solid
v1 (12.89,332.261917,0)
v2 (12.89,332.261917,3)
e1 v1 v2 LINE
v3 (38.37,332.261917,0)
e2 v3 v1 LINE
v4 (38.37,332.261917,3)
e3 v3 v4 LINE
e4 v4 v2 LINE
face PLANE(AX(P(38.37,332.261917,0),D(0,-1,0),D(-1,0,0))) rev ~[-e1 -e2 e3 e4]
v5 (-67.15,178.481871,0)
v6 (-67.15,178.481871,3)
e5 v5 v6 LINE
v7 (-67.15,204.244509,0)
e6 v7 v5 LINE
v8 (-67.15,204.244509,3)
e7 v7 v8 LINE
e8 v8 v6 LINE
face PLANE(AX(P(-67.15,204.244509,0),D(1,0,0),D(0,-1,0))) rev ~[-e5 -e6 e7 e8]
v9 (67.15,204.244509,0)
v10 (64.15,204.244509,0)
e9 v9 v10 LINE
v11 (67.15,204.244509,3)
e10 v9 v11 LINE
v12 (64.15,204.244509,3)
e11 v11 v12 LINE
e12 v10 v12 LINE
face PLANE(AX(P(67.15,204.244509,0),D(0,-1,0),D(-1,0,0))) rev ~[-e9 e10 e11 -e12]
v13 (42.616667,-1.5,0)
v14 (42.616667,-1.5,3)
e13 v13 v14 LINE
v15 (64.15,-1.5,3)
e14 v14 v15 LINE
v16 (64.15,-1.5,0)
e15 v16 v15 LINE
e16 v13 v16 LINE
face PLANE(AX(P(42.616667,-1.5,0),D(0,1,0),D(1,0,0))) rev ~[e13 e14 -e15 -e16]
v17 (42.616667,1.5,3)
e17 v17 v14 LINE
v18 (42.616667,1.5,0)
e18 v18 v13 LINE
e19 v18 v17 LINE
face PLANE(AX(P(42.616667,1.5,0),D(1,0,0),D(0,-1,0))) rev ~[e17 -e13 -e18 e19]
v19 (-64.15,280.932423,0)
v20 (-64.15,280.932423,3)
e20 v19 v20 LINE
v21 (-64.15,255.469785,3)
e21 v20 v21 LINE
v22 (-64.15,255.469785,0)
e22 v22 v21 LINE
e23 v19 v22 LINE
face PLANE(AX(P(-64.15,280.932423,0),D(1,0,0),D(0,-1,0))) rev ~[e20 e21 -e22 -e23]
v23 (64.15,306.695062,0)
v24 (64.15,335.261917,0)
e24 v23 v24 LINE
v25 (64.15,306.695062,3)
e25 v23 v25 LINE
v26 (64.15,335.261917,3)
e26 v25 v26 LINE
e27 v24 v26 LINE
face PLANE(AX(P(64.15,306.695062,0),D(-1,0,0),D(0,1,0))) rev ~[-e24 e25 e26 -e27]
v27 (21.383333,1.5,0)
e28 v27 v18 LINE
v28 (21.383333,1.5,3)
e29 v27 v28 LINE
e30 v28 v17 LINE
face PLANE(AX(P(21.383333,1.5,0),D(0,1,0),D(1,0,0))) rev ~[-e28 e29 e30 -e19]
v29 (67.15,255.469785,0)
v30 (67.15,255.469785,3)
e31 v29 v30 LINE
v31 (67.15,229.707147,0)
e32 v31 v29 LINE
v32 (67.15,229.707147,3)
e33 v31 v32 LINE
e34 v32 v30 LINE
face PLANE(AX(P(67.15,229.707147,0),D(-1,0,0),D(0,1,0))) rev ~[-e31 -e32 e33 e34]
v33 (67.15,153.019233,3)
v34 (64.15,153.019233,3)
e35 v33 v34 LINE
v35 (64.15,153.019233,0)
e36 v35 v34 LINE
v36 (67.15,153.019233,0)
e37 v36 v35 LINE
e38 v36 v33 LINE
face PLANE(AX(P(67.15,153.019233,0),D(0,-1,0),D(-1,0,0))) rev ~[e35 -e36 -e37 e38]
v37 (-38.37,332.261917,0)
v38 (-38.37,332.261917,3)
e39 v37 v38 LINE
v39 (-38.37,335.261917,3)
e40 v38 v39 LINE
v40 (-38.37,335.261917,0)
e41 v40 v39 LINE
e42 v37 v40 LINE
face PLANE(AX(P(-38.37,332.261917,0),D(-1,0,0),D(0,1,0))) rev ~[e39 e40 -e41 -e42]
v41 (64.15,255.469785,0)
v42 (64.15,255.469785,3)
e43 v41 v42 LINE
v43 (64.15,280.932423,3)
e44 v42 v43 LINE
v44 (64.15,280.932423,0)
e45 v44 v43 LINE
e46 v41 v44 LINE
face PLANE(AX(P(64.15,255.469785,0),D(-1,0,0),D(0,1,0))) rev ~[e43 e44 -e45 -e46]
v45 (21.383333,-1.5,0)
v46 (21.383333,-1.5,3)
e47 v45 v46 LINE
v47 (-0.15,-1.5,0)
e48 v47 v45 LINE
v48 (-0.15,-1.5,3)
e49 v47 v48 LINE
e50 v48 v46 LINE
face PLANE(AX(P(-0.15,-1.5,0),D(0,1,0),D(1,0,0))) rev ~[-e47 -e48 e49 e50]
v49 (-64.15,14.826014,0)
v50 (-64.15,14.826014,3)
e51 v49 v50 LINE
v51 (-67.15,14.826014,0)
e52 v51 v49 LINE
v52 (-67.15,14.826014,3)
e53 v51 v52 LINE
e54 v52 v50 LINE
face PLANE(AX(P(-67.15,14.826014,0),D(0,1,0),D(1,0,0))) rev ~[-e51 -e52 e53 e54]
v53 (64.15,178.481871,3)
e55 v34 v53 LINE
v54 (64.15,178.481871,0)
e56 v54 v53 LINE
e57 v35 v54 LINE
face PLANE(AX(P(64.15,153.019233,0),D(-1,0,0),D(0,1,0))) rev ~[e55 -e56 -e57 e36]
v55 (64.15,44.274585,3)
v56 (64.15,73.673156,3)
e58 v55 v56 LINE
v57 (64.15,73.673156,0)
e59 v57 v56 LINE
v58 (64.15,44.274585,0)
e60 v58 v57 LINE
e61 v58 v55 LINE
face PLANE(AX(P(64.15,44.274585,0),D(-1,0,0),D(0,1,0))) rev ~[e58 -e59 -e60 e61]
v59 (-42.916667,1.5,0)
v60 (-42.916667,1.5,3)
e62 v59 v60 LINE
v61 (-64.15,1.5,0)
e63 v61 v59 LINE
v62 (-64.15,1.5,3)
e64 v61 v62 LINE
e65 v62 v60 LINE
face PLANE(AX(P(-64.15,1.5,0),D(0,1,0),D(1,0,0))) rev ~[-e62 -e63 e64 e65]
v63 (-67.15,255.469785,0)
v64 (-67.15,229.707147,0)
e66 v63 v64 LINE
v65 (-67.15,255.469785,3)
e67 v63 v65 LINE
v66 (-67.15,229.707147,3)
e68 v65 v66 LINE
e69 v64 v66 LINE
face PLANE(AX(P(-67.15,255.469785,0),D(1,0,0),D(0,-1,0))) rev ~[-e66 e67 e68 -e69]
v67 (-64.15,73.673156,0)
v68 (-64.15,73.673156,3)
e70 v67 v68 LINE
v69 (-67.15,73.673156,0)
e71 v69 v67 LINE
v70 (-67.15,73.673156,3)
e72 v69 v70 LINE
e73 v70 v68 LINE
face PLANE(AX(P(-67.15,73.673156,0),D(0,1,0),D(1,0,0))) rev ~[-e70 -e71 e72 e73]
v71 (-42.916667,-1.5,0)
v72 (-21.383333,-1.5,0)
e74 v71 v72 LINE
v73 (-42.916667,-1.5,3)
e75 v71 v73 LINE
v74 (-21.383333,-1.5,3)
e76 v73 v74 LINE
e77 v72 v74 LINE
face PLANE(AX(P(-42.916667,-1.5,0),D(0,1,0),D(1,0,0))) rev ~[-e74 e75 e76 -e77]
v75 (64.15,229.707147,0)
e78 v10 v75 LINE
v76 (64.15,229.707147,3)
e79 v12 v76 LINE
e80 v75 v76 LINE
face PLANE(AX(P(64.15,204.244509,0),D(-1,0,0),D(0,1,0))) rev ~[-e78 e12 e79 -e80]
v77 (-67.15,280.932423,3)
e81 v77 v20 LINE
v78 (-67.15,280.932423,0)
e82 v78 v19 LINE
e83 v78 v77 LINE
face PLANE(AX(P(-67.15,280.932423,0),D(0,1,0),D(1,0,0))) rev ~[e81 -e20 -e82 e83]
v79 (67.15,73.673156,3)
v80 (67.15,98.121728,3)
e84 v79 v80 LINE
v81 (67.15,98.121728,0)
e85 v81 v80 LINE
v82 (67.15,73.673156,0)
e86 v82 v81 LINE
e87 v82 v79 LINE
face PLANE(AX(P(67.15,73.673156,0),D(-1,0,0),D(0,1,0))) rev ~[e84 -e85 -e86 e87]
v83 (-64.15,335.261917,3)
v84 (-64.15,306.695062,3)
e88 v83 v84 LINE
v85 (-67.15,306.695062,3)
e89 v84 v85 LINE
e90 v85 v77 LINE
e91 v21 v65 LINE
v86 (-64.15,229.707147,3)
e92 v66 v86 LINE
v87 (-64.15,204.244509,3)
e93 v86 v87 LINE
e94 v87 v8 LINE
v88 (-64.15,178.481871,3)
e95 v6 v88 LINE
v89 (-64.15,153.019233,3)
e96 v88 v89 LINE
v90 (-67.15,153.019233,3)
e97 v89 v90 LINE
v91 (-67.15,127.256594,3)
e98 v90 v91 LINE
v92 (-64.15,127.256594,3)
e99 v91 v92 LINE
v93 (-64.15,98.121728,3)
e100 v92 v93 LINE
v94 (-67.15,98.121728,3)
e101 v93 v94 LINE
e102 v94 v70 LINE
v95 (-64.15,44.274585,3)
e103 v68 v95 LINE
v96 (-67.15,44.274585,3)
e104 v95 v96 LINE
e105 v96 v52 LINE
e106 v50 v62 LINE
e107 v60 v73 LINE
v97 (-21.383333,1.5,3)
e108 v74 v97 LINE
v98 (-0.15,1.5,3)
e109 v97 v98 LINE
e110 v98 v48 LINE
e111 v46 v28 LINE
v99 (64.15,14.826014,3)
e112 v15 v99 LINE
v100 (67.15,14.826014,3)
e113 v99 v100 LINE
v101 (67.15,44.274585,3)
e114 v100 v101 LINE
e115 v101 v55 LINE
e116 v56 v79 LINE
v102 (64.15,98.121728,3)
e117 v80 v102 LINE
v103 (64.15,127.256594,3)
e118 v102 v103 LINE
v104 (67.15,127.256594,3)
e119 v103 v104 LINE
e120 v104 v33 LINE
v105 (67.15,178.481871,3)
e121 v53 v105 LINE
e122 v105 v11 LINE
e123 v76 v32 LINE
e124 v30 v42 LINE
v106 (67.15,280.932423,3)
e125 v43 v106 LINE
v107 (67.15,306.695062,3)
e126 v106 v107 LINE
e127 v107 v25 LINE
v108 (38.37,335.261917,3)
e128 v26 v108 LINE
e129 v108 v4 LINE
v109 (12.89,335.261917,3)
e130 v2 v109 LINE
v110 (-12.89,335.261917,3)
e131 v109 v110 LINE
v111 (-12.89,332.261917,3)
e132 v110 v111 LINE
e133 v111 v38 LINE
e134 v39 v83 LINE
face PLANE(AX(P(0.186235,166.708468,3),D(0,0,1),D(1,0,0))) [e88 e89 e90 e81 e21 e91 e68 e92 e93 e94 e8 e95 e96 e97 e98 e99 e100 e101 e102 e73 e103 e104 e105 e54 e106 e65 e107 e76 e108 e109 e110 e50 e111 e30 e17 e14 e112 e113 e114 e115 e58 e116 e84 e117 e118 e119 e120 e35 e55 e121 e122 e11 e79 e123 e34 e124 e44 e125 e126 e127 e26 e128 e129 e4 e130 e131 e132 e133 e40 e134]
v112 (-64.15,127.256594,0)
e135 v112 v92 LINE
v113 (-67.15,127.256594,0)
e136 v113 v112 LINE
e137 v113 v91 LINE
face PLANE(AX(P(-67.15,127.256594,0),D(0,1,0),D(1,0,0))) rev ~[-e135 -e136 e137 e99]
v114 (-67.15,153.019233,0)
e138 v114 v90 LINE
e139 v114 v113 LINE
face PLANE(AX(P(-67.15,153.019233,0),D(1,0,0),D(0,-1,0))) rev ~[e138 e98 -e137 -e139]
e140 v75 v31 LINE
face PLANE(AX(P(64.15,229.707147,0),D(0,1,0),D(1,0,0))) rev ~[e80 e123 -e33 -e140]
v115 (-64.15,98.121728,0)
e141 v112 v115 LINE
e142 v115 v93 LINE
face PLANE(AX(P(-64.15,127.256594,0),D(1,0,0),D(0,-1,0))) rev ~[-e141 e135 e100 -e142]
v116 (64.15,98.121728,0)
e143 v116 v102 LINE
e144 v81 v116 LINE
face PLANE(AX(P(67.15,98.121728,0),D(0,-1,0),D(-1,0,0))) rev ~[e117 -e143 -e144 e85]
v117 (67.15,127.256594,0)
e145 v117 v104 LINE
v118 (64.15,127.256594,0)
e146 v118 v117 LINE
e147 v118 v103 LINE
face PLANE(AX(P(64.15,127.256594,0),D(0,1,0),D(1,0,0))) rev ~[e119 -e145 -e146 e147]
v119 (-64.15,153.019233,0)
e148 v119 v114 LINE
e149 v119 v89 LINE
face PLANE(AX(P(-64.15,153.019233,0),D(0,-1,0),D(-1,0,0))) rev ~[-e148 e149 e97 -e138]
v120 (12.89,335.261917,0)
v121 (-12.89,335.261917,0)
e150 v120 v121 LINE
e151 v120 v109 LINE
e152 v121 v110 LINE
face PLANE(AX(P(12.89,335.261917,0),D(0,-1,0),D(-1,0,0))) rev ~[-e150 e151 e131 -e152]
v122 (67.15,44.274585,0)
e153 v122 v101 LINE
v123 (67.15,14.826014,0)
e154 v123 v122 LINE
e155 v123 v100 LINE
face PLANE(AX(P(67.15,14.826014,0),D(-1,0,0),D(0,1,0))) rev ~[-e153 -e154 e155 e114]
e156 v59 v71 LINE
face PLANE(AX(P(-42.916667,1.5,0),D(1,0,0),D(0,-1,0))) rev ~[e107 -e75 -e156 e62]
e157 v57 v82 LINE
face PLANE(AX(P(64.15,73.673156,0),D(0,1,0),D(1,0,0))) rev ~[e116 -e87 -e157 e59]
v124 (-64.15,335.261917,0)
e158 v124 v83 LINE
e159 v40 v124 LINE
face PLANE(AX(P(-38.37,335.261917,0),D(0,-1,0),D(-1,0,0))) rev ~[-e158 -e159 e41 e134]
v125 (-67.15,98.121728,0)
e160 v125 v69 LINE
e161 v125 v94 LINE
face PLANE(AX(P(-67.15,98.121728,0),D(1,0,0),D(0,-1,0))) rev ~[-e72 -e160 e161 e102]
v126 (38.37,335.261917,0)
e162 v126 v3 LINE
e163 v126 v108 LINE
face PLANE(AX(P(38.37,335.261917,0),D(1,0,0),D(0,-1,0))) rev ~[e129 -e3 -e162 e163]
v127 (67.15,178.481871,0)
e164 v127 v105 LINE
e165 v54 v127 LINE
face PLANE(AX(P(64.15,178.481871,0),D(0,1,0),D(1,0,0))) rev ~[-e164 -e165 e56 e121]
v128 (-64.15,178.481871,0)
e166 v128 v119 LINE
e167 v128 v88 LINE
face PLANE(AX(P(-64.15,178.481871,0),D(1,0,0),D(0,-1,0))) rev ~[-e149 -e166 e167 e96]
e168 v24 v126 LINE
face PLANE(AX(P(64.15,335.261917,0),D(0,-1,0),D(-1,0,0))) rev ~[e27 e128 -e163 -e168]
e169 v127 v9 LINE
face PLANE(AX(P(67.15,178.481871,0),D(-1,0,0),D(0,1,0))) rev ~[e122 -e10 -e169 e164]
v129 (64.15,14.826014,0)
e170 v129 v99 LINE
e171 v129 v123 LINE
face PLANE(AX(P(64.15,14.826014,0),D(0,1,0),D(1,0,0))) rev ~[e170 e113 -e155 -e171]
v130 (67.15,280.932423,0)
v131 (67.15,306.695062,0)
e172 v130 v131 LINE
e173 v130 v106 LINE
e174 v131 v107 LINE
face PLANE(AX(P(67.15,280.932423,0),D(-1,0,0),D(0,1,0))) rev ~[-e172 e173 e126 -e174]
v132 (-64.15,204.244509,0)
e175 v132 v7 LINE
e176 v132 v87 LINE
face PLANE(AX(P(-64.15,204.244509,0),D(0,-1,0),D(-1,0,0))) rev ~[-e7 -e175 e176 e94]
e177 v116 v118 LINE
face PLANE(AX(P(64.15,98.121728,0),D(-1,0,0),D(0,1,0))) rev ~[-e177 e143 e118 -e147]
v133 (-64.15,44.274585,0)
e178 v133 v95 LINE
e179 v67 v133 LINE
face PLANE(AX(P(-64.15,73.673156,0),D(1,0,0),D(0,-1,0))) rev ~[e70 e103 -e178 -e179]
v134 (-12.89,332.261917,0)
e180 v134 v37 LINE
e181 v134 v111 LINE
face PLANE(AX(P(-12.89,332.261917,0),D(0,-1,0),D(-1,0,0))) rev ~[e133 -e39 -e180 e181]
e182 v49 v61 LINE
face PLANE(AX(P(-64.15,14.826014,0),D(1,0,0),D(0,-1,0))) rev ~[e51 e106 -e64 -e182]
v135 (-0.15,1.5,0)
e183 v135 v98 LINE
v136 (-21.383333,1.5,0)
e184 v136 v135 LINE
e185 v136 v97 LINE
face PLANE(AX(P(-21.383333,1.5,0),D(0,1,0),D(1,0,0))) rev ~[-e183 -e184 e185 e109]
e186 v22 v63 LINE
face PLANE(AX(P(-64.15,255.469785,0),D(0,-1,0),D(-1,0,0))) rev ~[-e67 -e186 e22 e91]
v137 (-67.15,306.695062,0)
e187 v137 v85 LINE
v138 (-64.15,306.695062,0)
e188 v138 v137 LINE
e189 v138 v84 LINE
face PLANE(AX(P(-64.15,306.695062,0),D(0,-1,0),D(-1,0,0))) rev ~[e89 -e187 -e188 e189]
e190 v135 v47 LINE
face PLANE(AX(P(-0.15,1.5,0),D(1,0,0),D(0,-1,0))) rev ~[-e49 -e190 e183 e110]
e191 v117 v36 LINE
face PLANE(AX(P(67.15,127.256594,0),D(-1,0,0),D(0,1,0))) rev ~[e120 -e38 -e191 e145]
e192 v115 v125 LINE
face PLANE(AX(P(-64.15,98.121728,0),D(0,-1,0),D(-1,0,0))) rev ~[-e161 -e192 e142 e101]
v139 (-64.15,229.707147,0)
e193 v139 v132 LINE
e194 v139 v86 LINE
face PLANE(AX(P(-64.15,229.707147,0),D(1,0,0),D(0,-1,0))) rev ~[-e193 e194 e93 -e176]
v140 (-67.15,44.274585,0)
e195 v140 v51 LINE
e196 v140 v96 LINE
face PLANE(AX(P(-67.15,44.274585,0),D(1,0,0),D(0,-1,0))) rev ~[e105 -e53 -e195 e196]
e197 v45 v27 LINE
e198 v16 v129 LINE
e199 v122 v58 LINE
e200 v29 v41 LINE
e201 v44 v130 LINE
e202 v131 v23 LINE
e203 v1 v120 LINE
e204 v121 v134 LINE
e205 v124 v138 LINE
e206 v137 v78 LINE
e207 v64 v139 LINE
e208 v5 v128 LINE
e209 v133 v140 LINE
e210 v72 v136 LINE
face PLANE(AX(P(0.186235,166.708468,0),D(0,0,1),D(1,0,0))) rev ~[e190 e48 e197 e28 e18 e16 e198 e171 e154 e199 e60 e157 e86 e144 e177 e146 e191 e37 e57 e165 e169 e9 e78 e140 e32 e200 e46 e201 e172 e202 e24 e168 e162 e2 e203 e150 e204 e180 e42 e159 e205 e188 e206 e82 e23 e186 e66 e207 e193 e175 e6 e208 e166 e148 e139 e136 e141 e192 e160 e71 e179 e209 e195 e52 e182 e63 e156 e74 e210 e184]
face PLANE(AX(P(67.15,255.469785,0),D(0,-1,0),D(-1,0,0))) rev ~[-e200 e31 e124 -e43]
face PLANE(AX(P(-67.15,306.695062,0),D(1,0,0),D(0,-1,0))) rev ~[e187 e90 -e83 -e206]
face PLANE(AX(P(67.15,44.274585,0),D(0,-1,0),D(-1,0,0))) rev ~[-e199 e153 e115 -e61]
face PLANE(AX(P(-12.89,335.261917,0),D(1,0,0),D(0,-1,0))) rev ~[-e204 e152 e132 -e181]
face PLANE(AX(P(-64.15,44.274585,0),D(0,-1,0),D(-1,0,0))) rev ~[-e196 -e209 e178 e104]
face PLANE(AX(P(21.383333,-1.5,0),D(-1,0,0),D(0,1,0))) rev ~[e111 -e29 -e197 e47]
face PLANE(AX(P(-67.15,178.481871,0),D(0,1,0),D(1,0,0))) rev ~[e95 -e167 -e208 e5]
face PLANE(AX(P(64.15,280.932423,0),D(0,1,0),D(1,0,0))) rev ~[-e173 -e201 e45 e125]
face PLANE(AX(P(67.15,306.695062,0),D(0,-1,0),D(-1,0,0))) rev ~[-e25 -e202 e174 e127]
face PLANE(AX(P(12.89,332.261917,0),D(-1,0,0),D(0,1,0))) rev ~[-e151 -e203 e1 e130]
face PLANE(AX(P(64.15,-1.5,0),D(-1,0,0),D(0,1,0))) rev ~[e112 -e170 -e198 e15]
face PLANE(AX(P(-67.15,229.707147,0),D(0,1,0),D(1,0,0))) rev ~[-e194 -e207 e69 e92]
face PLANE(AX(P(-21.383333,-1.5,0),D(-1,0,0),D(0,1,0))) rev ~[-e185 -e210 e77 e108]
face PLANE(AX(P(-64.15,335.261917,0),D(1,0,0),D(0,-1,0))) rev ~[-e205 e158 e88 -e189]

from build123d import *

# Parameters (mm, degrees)
BOSS_EXTRUDE1_DEPTH = 3


with BuildPart() as part:
    # Sketch1 → Boss-Extrude1 (new body)
    with BuildSketch(Plane.XY):
        Polygon((64.15, 153.019232641), (64.15, 178.481870793), (67.15, 178.481870793), (67.15, 204.244508944), (64.15, 204.244508944), (64.15, 229.707147096), (67.15, 229.707147096), (67.15, 255.469785247), (64.15, 255.469785247), (64.15, 280.932423398), (67.15, 280.932423398), (67.15, 306.69506155), (64.15, 306.69506155), (64.15, 335.261916889), (38.37, 335.261916889), (38.37, 332.261916889), (12.89, 332.261916889), (12.89, 335.261916889), (-12.89, 335.261916889), (-12.89, 332.261916889), (-38.37, 332.261916889), (-38.37, 335.261916889), (-64.15, 335.261916889), (-64.15, 306.69506155), (-67.15, 306.69506155), (-67.15, 280.932423398), (-64.15, 280.932423398), (-64.15, 255.469785247), (-67.15, 255.469785247), (-67.15, 229.707147096), (-64.15, 229.707147096), (-64.15, 204.244508944), (-67.15, 204.244508944), (-67.15, 178.481870793), (-64.15, 178.481870793), (-64.15, 153.019232641), (-67.15, 153.019232641), (-67.15, 127.25659449), (-64.15, 127.25659449), (-64.15, 98.12172779), (-67.15, 98.12172779), (-67.15, 73.67315636), (-64.15, 73.67315636), (-64.15, 44.27458493), (-67.15, 44.27458493), (-67.15, 14.8260135), (-64.15, 14.8260135), (-64.15, 1.5), (-42.916666667, 1.5), (-42.916666667, -1.5), (-21.383333333, -1.5), (-21.383333333, 1.5), (-0.15, 1.5), (-0.15, -1.5), (21.383333333, -1.5), (21.383333333, 1.5), (42.616666667, 1.5), (42.616666667, -1.5), (64.15, -1.5), (64.15, 14.8260135), (67.15, 14.8260135), (67.15, 44.27458493), (64.15, 44.27458493), (64.15, 73.67315636), (67.15, 73.67315636), (67.15, 98.12172779), (64.15, 98.12172779), (64.15, 127.25659449), (67.15, 127.25659449), (67.15, 153.019232641), align=None)
    extrude(amount=BOSS_EXTRUDE1_DEPTH)


solid = part.part
